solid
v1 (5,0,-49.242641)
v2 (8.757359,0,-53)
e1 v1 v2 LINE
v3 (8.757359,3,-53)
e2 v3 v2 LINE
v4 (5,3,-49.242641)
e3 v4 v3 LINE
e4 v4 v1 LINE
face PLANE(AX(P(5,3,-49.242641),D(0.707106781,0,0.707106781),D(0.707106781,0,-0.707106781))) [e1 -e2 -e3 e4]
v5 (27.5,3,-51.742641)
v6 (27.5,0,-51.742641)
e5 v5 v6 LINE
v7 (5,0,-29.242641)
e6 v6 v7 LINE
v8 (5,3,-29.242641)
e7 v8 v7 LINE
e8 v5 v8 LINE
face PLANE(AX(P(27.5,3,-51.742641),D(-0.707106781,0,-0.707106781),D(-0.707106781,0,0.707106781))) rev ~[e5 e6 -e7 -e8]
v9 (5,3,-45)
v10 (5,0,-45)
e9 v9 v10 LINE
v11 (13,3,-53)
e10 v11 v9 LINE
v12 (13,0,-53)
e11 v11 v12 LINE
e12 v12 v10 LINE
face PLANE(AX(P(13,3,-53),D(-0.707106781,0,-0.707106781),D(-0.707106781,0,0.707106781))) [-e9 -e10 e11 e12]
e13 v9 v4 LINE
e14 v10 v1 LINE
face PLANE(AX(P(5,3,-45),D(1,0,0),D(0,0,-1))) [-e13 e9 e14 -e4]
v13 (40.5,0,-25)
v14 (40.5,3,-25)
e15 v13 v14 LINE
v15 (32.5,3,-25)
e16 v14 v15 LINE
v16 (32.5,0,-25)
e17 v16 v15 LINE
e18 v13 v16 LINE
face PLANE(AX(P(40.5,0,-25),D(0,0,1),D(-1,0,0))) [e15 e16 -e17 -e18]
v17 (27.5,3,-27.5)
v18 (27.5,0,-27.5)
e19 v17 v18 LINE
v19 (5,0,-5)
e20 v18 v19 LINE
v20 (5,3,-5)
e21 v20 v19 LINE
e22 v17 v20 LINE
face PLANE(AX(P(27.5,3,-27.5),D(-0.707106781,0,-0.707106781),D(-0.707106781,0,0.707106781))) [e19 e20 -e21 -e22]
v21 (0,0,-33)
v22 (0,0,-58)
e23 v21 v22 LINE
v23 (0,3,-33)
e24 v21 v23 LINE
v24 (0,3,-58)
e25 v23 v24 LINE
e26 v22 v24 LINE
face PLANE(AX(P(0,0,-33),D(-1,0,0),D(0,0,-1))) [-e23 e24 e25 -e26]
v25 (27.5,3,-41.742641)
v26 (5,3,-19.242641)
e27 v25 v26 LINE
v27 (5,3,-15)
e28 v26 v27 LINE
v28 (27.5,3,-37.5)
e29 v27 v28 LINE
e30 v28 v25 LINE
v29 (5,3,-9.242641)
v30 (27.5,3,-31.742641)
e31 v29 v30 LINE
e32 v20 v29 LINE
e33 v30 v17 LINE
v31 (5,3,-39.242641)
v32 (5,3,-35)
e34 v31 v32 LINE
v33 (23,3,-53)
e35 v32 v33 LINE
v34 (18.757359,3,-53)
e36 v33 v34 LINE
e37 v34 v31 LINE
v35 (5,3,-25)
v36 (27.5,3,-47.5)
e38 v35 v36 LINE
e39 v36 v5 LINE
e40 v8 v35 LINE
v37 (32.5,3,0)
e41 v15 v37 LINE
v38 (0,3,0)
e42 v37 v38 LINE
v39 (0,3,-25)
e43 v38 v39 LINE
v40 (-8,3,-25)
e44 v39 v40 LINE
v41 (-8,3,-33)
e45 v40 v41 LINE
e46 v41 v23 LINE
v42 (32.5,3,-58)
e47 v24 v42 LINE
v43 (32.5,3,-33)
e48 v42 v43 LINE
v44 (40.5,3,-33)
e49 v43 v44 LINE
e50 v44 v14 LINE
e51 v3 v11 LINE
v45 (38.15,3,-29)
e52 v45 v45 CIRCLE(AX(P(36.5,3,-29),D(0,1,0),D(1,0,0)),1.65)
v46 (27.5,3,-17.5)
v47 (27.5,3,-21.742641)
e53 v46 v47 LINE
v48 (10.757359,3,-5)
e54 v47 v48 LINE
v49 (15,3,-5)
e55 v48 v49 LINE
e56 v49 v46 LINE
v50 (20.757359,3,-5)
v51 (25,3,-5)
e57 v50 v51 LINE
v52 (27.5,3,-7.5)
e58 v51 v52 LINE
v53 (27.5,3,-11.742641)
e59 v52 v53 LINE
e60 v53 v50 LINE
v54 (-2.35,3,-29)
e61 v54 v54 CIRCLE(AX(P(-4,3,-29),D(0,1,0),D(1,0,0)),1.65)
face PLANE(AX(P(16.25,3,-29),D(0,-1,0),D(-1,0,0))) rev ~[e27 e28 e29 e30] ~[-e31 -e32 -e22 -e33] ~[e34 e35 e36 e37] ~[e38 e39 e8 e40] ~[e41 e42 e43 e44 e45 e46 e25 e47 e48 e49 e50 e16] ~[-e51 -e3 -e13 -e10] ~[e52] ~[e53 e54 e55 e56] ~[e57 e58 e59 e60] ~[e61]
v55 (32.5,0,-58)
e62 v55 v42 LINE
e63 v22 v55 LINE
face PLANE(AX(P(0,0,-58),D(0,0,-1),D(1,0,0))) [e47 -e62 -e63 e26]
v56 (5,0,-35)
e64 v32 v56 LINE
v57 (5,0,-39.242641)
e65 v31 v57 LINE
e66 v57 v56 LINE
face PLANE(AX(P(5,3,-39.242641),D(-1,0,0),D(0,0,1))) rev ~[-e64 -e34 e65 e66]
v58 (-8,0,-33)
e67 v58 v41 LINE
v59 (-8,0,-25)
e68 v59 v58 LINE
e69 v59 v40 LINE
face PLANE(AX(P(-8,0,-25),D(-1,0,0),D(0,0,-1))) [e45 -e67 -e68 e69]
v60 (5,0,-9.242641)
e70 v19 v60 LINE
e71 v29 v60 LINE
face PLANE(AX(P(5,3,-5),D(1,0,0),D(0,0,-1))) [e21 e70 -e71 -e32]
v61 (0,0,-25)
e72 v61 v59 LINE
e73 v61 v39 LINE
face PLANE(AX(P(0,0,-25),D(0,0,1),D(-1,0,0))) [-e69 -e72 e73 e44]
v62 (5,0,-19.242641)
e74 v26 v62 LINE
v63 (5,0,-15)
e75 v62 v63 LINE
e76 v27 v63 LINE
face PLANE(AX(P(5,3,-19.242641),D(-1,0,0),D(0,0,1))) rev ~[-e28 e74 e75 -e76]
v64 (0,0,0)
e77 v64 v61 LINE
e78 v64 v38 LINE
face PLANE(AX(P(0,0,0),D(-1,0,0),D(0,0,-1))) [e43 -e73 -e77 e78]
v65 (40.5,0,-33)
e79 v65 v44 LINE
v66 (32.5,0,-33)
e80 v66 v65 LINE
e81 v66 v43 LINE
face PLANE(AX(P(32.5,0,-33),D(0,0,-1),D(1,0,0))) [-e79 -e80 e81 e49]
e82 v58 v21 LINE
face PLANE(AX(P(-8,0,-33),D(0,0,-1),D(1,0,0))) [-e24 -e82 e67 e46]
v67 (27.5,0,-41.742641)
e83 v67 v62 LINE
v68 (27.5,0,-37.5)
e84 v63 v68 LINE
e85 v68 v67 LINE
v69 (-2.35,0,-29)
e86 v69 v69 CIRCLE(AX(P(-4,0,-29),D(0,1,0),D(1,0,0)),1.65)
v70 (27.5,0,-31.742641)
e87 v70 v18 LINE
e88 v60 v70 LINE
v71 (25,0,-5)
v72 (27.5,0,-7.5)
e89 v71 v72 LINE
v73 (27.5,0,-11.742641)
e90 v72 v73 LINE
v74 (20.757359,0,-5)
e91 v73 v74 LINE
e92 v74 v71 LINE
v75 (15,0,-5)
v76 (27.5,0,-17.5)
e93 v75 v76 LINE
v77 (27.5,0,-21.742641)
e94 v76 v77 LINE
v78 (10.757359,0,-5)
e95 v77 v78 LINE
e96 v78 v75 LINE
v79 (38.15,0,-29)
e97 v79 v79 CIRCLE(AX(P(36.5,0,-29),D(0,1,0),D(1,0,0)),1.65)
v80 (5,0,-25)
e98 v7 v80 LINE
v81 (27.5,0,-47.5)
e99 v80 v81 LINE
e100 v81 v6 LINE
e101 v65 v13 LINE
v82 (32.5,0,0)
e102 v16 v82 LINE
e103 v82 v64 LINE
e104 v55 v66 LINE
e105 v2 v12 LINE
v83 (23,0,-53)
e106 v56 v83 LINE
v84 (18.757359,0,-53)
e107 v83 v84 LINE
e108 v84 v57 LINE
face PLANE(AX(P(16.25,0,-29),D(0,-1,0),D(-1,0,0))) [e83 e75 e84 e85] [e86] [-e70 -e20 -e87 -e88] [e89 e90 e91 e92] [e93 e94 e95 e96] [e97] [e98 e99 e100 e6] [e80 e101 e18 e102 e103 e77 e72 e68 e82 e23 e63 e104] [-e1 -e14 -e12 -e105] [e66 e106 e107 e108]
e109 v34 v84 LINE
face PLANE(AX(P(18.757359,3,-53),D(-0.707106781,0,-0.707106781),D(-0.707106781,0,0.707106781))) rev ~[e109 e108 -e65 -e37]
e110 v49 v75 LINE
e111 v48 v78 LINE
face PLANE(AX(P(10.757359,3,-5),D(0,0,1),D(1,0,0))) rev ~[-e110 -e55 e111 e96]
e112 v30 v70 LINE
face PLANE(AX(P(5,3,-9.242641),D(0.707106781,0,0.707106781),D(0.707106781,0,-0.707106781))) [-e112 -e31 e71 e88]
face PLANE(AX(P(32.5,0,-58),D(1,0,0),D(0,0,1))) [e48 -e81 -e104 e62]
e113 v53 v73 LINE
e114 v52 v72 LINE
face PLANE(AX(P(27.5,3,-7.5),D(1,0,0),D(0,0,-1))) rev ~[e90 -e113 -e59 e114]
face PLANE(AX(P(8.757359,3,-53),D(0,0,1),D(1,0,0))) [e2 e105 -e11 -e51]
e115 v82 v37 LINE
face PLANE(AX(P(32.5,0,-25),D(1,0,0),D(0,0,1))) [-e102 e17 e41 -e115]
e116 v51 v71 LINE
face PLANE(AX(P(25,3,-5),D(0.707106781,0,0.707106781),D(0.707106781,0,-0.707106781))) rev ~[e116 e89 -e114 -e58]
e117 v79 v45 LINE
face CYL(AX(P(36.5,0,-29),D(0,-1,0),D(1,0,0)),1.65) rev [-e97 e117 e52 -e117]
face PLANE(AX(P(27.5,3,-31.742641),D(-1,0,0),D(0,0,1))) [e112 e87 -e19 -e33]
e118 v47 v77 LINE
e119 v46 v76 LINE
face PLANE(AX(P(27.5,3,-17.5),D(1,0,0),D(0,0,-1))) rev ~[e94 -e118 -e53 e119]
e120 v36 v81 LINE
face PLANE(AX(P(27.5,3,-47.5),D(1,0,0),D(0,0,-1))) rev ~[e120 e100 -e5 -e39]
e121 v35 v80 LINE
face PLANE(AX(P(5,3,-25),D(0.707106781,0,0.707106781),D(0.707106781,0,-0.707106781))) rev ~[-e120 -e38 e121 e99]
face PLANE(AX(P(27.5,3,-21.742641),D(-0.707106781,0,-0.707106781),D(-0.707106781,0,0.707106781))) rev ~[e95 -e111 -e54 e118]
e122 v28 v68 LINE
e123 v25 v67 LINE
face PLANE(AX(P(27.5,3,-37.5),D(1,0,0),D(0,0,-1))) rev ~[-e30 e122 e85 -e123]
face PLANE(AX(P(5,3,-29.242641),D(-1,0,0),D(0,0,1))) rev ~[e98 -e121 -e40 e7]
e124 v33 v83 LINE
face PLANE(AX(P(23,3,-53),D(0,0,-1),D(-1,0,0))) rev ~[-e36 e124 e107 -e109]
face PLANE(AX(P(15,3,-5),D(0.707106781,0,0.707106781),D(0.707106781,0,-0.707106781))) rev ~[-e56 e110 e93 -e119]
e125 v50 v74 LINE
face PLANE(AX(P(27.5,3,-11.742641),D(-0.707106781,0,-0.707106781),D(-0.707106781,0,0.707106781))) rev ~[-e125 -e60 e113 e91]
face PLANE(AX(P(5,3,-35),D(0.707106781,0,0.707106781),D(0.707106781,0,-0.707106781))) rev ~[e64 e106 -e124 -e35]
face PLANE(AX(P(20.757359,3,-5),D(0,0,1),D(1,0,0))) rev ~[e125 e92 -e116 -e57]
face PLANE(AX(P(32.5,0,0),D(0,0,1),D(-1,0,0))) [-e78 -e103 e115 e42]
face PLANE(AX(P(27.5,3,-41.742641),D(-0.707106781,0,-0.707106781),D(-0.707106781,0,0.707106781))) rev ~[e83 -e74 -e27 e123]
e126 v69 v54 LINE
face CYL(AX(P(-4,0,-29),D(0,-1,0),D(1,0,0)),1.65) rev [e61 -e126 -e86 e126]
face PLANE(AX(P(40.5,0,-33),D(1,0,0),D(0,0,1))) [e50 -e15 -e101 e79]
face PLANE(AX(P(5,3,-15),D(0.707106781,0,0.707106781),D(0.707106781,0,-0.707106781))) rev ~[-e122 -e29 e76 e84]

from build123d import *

# Parameters (mm, degrees)
SKETCH1_R           = 1.65
BOSS_EXTRUDE1_DEPTH = 3
CUT_EXTRUDE1_DEPTH  = 3


with BuildPart() as part:
    # Sketch1 → Boss-Extrude1 (new body)
    with BuildSketch(Plane(origin=(0, 0, 0), x_dir=(1, 0, 0), z_dir=(0, 1, 0))):
        Polygon((0, 25), (-8, 25), (-8, 33), (0, 33), (0, 58), (32.5, 58), (32.5, 33), (40.5, 33), (40.5, 25), (32.5, 25), (32.5, 0), (0, 0), align=None)
        with Locations((-4, 29)):
            Circle(SKETCH1_R, mode=Mode.SUBTRACT)
        with Locations((36.5, 29)):
            Circle(SKETCH1_R, mode=Mode.SUBTRACT)
    extrude(amount=BOSS_EXTRUDE1_DEPTH)

    # Sketch3 → Cut-Extrude1 (cut)
    with BuildSketch(Plane(origin=(0, 3, 0), x_dir=(1, 0, 0), z_dir=(0, 1, 0))):
        Polygon((10.757359313, 5), (15, 5), (27.5, 17.5), (27.5, 21.742640687), align=None)
        Polygon((5, 5), (5, 9.242640687), (27.5, 31.742640687), (27.5, 27.5), align=None)
        Polygon((8.757359313, 53), (13, 53), (5, 45), (5, 49.242640687), align=None)
        Polygon((5, 15), (27.5, 37.5), (27.5, 41.742640687), (5, 19.242640687), align=None)
        Polygon((5, 25), (27.5, 47.5), (27.5, 51.742640687), (5, 29.242640687), align=None)
        Polygon((5, 35), (23, 53), (18.757359313, 53), (5, 39.242640687), align=None)
        Polygon((25, 5), (27.5, 7.5), (27.5, 11.742640687), (20.757359313, 5), align=None)
    extrude(amount=-CUT_EXTRUDE1_DEPTH, mode=Mode.SUBTRACT)


solid = part.part
